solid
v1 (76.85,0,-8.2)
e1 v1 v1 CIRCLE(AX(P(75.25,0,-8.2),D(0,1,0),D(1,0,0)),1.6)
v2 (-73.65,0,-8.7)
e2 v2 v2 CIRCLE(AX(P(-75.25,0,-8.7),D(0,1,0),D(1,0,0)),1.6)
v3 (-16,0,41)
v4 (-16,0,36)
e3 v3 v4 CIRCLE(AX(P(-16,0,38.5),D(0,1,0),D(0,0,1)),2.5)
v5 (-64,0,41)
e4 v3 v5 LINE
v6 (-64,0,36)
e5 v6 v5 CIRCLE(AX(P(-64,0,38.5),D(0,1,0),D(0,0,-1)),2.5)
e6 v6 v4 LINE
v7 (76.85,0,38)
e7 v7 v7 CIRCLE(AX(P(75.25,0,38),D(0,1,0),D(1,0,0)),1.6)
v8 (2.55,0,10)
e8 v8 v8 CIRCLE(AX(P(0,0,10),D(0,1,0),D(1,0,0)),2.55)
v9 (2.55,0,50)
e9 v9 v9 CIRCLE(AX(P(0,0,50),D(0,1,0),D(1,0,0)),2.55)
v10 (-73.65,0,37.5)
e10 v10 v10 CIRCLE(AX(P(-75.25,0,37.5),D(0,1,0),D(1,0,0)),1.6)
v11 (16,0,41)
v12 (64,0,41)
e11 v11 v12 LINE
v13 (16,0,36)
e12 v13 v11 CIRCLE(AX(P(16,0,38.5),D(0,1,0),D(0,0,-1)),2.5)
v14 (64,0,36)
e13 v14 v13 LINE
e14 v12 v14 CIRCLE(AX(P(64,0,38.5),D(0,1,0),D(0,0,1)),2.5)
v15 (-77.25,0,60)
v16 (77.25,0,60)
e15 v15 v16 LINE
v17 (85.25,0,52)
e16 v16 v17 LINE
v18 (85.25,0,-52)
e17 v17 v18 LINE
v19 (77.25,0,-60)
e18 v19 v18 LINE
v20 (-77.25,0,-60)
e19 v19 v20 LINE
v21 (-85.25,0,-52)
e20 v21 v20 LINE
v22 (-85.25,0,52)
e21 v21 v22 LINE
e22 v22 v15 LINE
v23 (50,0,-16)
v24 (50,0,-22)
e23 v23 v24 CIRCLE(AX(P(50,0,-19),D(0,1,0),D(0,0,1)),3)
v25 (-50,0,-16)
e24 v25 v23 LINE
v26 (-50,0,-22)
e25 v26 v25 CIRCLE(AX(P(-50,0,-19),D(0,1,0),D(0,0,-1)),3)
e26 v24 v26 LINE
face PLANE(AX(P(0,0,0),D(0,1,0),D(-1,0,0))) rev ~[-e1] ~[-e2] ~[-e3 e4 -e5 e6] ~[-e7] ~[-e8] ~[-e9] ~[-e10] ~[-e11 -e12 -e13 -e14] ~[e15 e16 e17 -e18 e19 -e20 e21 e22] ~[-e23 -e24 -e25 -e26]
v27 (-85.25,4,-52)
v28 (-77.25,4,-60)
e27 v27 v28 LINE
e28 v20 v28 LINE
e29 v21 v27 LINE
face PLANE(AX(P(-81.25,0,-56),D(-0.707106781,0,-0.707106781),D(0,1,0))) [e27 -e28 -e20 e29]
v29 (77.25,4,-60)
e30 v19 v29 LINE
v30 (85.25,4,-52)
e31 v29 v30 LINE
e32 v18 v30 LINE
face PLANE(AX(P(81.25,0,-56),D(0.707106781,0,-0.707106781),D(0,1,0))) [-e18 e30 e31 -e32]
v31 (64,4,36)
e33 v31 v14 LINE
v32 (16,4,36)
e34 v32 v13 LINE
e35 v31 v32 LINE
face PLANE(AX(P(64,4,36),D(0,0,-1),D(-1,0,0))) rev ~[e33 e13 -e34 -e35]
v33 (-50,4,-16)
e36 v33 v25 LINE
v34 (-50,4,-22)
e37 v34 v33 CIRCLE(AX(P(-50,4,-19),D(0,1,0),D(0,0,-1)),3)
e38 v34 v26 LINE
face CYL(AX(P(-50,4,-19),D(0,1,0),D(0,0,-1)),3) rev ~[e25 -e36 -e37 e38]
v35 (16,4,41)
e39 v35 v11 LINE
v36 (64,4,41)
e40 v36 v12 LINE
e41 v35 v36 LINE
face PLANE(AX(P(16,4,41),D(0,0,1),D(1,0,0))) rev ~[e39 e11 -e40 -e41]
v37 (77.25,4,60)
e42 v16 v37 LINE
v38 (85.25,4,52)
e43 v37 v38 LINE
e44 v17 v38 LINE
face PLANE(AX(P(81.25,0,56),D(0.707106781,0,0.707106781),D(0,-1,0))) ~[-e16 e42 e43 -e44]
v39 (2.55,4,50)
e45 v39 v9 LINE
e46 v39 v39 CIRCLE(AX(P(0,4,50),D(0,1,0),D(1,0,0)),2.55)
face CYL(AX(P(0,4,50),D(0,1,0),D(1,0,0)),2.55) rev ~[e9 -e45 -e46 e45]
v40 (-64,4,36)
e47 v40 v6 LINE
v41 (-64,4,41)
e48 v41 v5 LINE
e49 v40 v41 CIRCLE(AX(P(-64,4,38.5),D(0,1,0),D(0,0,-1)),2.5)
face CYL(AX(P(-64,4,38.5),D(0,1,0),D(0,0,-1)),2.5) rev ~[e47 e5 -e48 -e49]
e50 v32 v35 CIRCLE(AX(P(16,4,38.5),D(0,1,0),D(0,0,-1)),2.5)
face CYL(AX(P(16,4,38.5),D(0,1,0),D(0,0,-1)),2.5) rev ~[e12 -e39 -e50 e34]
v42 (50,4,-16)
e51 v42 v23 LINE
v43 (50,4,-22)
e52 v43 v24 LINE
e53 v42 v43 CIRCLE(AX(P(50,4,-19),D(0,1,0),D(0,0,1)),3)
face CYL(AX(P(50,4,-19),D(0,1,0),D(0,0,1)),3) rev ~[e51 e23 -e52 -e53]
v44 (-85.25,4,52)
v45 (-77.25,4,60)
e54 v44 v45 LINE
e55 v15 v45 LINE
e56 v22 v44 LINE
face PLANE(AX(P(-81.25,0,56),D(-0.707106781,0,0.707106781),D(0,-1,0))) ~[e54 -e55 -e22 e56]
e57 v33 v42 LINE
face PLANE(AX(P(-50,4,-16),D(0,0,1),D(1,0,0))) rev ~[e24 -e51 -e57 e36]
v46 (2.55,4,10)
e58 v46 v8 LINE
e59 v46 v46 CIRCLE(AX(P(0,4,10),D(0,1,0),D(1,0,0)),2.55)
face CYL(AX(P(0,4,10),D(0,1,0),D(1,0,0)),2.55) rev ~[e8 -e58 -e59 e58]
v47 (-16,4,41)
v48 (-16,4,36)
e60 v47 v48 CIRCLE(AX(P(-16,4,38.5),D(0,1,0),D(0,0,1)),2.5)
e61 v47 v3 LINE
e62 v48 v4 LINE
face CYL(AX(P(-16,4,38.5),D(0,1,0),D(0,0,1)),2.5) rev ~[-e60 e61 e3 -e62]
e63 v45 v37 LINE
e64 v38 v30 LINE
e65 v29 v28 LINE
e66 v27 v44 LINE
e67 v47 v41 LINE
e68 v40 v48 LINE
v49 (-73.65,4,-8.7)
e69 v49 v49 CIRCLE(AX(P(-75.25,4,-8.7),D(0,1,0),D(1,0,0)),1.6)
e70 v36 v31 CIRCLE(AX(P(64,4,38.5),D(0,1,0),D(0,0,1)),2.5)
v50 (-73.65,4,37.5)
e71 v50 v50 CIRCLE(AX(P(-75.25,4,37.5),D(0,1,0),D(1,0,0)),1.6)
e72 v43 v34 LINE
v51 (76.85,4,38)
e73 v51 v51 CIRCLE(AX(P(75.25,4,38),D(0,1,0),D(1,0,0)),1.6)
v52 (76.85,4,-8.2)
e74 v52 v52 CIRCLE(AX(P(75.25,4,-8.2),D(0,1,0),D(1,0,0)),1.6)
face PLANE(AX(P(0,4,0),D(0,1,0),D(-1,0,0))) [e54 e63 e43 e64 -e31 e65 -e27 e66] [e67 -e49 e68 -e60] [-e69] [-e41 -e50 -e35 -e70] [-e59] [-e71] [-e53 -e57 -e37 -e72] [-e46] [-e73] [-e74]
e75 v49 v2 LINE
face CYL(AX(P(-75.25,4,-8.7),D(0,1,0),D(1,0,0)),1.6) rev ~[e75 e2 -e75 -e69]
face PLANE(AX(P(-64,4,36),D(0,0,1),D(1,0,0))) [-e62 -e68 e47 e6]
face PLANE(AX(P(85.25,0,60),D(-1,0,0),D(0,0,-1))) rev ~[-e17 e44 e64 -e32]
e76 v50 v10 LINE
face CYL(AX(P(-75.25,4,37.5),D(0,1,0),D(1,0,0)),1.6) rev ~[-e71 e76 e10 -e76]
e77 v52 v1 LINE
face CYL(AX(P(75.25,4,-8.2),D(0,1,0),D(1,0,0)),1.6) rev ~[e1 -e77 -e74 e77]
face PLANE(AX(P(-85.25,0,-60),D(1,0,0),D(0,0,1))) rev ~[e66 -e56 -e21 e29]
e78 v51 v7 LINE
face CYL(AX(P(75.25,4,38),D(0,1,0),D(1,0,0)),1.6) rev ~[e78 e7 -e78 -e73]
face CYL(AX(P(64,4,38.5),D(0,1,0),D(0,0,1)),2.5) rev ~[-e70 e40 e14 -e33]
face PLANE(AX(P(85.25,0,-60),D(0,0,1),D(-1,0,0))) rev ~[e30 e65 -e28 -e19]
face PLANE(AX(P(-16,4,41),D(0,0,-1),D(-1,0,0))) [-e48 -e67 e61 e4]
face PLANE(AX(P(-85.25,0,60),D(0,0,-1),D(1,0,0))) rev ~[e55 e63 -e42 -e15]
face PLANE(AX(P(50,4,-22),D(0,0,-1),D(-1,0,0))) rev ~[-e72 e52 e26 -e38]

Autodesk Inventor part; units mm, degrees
ref_plane "YZ Plane" through (0, 0, 0) normal (1, 0, 0) x (0, 1, 0)
ref_plane "XZ Plane" through (0, 0, 0) normal (0, 1, 0) x (-1, 0, 0)
ref_plane "XY Plane" through (0, 0, 0) normal (0, 0, 1) x (1, 0, 0)
sketch "Эскиз1" plane through (0, 0, 0) normal (0, 1, 0) x (-1, 0, 0)
  line L0 (85.25, 60) -> (-85.25, 60)
  line L1 (-85.25, 60) -> (-85.25, -60)
  line L2 (-85.25, -60) -> (85.25, -60)
  line L3 (85.25, -60) -> (85.25, 60)
  line L4 (85.25, 60) -> (-85.25, -60) construction
  line L5 (-85.25, 60) -> (85.25, -60) construction
  point P0 (0, 0)
  dimension "d0" = 170.5
  dimension "d1" = 120
extrude "Выдавливание1" add sketch "Эскиз1" along normal blind 4
sketch "Эскиз2" plane through (0, 4, 0) normal (0, 1, 0) x (1, 0, 0)
  circle A0 centre (-75.25, 8.7) radius 1.6 projected
  circle A1 centre (75.25, 8.2) radius 1.6 projected
  circle A2 centre (-75.25, -37.5) radius 1.6 projected
  circle A3 centre (75.25, -38) radius 1.6 projected
  point P0 (0, 0)
extrude "Выдавливание2" cut sketch "Эскиз2" against normal blind 4
chamfer "Фаска1" distance 8 angle 45 4 edges at (-85.25, 2, -60) (-85.25, 2, 60) (85.25, 2, -60) (85.25, 2, 60)
sketch "Эскиз3" plane through (0, 4, 0) normal (0, 1, 0) x (1, 0, 0)
  circle A0 centre (0, -50) radius 2.55
  circle A1 centre (0, -10) radius 2.55
  line L0 (-85.25, 52) -> (-85.25, -52) projected
  line L1 (-77.25, -60) -> (77.25, -60) projected
  point P0 (0, 0)
  dimension "d11" = 85.25
  dimension "d12" = 10
  dimension "d13" = 5.1
extrude "Выдавливание3" cut sketch "Эскиз3" against normal blind 10
sketch "Эскиз4" plane through (0, 4, 0) normal (0, 1, 0) x (1, 0, 0)
  circle A0 centre (0, -50) radius 2.55 construction
  line L0 (64, -38.5) -> (16, -38.5) construction
  line L1 (64, -36) -> (16, -36)
  line L2 (16, -41) -> (64, -41)
  arc A1 (64, -41) -> (64, -36) centre (64, -38.5) ccw
  arc A2 (16, -36) -> (16, -41) centre (16, -38.5) ccw
  line L3 (-77.25, -60) -> (77.25, -60) construction
  line L4 (0, -60) -> (0, 0) construction
  line L5 (50, 19) -> (-50, 19) construction
  line L6 (50, 22) -> (-50, 22)
  line L7 (-50, 16) -> (50, 16)
  arc A3 (50, 16) -> (50, 22) centre (50, 19) ccw
  arc A4 (-50, 22) -> (-50, 16) centre (-50, 19) ccw
  line L8 (0, 0) -> (0, 38) construction
  line L9 (-64, -38.5) -> (-16, -38.5) construction
  line L10 (-64, -36) -> (-16, -36)
  line L11 (-16, -41) -> (-64, -41)
  arc A5 (-64, -36) -> (-64, -41) centre (-64, -38.5) ccw
  arc A6 (-16, -41) -> (-16, -36) centre (-16, -38.5) ccw
  line L12 (77.25, -60) -> (-77.25, -60) construction
  point P0 (40, -38.5)
  point P1 (0, 19)
  point P2 (0, 19)
  point P3 (-40, -38.5)
  dimension "d14" = 24
  dimension "d15" = 5
  dimension "d16" = 16
  dimension "d17" = 50
  dimension "d18" = 6
  dimension "d21" = 16
extrude "Выдавливание4" cut sketch "Эскиз4" against normal blind 10
properties part number "фанера" material "Древесина (береза)"
